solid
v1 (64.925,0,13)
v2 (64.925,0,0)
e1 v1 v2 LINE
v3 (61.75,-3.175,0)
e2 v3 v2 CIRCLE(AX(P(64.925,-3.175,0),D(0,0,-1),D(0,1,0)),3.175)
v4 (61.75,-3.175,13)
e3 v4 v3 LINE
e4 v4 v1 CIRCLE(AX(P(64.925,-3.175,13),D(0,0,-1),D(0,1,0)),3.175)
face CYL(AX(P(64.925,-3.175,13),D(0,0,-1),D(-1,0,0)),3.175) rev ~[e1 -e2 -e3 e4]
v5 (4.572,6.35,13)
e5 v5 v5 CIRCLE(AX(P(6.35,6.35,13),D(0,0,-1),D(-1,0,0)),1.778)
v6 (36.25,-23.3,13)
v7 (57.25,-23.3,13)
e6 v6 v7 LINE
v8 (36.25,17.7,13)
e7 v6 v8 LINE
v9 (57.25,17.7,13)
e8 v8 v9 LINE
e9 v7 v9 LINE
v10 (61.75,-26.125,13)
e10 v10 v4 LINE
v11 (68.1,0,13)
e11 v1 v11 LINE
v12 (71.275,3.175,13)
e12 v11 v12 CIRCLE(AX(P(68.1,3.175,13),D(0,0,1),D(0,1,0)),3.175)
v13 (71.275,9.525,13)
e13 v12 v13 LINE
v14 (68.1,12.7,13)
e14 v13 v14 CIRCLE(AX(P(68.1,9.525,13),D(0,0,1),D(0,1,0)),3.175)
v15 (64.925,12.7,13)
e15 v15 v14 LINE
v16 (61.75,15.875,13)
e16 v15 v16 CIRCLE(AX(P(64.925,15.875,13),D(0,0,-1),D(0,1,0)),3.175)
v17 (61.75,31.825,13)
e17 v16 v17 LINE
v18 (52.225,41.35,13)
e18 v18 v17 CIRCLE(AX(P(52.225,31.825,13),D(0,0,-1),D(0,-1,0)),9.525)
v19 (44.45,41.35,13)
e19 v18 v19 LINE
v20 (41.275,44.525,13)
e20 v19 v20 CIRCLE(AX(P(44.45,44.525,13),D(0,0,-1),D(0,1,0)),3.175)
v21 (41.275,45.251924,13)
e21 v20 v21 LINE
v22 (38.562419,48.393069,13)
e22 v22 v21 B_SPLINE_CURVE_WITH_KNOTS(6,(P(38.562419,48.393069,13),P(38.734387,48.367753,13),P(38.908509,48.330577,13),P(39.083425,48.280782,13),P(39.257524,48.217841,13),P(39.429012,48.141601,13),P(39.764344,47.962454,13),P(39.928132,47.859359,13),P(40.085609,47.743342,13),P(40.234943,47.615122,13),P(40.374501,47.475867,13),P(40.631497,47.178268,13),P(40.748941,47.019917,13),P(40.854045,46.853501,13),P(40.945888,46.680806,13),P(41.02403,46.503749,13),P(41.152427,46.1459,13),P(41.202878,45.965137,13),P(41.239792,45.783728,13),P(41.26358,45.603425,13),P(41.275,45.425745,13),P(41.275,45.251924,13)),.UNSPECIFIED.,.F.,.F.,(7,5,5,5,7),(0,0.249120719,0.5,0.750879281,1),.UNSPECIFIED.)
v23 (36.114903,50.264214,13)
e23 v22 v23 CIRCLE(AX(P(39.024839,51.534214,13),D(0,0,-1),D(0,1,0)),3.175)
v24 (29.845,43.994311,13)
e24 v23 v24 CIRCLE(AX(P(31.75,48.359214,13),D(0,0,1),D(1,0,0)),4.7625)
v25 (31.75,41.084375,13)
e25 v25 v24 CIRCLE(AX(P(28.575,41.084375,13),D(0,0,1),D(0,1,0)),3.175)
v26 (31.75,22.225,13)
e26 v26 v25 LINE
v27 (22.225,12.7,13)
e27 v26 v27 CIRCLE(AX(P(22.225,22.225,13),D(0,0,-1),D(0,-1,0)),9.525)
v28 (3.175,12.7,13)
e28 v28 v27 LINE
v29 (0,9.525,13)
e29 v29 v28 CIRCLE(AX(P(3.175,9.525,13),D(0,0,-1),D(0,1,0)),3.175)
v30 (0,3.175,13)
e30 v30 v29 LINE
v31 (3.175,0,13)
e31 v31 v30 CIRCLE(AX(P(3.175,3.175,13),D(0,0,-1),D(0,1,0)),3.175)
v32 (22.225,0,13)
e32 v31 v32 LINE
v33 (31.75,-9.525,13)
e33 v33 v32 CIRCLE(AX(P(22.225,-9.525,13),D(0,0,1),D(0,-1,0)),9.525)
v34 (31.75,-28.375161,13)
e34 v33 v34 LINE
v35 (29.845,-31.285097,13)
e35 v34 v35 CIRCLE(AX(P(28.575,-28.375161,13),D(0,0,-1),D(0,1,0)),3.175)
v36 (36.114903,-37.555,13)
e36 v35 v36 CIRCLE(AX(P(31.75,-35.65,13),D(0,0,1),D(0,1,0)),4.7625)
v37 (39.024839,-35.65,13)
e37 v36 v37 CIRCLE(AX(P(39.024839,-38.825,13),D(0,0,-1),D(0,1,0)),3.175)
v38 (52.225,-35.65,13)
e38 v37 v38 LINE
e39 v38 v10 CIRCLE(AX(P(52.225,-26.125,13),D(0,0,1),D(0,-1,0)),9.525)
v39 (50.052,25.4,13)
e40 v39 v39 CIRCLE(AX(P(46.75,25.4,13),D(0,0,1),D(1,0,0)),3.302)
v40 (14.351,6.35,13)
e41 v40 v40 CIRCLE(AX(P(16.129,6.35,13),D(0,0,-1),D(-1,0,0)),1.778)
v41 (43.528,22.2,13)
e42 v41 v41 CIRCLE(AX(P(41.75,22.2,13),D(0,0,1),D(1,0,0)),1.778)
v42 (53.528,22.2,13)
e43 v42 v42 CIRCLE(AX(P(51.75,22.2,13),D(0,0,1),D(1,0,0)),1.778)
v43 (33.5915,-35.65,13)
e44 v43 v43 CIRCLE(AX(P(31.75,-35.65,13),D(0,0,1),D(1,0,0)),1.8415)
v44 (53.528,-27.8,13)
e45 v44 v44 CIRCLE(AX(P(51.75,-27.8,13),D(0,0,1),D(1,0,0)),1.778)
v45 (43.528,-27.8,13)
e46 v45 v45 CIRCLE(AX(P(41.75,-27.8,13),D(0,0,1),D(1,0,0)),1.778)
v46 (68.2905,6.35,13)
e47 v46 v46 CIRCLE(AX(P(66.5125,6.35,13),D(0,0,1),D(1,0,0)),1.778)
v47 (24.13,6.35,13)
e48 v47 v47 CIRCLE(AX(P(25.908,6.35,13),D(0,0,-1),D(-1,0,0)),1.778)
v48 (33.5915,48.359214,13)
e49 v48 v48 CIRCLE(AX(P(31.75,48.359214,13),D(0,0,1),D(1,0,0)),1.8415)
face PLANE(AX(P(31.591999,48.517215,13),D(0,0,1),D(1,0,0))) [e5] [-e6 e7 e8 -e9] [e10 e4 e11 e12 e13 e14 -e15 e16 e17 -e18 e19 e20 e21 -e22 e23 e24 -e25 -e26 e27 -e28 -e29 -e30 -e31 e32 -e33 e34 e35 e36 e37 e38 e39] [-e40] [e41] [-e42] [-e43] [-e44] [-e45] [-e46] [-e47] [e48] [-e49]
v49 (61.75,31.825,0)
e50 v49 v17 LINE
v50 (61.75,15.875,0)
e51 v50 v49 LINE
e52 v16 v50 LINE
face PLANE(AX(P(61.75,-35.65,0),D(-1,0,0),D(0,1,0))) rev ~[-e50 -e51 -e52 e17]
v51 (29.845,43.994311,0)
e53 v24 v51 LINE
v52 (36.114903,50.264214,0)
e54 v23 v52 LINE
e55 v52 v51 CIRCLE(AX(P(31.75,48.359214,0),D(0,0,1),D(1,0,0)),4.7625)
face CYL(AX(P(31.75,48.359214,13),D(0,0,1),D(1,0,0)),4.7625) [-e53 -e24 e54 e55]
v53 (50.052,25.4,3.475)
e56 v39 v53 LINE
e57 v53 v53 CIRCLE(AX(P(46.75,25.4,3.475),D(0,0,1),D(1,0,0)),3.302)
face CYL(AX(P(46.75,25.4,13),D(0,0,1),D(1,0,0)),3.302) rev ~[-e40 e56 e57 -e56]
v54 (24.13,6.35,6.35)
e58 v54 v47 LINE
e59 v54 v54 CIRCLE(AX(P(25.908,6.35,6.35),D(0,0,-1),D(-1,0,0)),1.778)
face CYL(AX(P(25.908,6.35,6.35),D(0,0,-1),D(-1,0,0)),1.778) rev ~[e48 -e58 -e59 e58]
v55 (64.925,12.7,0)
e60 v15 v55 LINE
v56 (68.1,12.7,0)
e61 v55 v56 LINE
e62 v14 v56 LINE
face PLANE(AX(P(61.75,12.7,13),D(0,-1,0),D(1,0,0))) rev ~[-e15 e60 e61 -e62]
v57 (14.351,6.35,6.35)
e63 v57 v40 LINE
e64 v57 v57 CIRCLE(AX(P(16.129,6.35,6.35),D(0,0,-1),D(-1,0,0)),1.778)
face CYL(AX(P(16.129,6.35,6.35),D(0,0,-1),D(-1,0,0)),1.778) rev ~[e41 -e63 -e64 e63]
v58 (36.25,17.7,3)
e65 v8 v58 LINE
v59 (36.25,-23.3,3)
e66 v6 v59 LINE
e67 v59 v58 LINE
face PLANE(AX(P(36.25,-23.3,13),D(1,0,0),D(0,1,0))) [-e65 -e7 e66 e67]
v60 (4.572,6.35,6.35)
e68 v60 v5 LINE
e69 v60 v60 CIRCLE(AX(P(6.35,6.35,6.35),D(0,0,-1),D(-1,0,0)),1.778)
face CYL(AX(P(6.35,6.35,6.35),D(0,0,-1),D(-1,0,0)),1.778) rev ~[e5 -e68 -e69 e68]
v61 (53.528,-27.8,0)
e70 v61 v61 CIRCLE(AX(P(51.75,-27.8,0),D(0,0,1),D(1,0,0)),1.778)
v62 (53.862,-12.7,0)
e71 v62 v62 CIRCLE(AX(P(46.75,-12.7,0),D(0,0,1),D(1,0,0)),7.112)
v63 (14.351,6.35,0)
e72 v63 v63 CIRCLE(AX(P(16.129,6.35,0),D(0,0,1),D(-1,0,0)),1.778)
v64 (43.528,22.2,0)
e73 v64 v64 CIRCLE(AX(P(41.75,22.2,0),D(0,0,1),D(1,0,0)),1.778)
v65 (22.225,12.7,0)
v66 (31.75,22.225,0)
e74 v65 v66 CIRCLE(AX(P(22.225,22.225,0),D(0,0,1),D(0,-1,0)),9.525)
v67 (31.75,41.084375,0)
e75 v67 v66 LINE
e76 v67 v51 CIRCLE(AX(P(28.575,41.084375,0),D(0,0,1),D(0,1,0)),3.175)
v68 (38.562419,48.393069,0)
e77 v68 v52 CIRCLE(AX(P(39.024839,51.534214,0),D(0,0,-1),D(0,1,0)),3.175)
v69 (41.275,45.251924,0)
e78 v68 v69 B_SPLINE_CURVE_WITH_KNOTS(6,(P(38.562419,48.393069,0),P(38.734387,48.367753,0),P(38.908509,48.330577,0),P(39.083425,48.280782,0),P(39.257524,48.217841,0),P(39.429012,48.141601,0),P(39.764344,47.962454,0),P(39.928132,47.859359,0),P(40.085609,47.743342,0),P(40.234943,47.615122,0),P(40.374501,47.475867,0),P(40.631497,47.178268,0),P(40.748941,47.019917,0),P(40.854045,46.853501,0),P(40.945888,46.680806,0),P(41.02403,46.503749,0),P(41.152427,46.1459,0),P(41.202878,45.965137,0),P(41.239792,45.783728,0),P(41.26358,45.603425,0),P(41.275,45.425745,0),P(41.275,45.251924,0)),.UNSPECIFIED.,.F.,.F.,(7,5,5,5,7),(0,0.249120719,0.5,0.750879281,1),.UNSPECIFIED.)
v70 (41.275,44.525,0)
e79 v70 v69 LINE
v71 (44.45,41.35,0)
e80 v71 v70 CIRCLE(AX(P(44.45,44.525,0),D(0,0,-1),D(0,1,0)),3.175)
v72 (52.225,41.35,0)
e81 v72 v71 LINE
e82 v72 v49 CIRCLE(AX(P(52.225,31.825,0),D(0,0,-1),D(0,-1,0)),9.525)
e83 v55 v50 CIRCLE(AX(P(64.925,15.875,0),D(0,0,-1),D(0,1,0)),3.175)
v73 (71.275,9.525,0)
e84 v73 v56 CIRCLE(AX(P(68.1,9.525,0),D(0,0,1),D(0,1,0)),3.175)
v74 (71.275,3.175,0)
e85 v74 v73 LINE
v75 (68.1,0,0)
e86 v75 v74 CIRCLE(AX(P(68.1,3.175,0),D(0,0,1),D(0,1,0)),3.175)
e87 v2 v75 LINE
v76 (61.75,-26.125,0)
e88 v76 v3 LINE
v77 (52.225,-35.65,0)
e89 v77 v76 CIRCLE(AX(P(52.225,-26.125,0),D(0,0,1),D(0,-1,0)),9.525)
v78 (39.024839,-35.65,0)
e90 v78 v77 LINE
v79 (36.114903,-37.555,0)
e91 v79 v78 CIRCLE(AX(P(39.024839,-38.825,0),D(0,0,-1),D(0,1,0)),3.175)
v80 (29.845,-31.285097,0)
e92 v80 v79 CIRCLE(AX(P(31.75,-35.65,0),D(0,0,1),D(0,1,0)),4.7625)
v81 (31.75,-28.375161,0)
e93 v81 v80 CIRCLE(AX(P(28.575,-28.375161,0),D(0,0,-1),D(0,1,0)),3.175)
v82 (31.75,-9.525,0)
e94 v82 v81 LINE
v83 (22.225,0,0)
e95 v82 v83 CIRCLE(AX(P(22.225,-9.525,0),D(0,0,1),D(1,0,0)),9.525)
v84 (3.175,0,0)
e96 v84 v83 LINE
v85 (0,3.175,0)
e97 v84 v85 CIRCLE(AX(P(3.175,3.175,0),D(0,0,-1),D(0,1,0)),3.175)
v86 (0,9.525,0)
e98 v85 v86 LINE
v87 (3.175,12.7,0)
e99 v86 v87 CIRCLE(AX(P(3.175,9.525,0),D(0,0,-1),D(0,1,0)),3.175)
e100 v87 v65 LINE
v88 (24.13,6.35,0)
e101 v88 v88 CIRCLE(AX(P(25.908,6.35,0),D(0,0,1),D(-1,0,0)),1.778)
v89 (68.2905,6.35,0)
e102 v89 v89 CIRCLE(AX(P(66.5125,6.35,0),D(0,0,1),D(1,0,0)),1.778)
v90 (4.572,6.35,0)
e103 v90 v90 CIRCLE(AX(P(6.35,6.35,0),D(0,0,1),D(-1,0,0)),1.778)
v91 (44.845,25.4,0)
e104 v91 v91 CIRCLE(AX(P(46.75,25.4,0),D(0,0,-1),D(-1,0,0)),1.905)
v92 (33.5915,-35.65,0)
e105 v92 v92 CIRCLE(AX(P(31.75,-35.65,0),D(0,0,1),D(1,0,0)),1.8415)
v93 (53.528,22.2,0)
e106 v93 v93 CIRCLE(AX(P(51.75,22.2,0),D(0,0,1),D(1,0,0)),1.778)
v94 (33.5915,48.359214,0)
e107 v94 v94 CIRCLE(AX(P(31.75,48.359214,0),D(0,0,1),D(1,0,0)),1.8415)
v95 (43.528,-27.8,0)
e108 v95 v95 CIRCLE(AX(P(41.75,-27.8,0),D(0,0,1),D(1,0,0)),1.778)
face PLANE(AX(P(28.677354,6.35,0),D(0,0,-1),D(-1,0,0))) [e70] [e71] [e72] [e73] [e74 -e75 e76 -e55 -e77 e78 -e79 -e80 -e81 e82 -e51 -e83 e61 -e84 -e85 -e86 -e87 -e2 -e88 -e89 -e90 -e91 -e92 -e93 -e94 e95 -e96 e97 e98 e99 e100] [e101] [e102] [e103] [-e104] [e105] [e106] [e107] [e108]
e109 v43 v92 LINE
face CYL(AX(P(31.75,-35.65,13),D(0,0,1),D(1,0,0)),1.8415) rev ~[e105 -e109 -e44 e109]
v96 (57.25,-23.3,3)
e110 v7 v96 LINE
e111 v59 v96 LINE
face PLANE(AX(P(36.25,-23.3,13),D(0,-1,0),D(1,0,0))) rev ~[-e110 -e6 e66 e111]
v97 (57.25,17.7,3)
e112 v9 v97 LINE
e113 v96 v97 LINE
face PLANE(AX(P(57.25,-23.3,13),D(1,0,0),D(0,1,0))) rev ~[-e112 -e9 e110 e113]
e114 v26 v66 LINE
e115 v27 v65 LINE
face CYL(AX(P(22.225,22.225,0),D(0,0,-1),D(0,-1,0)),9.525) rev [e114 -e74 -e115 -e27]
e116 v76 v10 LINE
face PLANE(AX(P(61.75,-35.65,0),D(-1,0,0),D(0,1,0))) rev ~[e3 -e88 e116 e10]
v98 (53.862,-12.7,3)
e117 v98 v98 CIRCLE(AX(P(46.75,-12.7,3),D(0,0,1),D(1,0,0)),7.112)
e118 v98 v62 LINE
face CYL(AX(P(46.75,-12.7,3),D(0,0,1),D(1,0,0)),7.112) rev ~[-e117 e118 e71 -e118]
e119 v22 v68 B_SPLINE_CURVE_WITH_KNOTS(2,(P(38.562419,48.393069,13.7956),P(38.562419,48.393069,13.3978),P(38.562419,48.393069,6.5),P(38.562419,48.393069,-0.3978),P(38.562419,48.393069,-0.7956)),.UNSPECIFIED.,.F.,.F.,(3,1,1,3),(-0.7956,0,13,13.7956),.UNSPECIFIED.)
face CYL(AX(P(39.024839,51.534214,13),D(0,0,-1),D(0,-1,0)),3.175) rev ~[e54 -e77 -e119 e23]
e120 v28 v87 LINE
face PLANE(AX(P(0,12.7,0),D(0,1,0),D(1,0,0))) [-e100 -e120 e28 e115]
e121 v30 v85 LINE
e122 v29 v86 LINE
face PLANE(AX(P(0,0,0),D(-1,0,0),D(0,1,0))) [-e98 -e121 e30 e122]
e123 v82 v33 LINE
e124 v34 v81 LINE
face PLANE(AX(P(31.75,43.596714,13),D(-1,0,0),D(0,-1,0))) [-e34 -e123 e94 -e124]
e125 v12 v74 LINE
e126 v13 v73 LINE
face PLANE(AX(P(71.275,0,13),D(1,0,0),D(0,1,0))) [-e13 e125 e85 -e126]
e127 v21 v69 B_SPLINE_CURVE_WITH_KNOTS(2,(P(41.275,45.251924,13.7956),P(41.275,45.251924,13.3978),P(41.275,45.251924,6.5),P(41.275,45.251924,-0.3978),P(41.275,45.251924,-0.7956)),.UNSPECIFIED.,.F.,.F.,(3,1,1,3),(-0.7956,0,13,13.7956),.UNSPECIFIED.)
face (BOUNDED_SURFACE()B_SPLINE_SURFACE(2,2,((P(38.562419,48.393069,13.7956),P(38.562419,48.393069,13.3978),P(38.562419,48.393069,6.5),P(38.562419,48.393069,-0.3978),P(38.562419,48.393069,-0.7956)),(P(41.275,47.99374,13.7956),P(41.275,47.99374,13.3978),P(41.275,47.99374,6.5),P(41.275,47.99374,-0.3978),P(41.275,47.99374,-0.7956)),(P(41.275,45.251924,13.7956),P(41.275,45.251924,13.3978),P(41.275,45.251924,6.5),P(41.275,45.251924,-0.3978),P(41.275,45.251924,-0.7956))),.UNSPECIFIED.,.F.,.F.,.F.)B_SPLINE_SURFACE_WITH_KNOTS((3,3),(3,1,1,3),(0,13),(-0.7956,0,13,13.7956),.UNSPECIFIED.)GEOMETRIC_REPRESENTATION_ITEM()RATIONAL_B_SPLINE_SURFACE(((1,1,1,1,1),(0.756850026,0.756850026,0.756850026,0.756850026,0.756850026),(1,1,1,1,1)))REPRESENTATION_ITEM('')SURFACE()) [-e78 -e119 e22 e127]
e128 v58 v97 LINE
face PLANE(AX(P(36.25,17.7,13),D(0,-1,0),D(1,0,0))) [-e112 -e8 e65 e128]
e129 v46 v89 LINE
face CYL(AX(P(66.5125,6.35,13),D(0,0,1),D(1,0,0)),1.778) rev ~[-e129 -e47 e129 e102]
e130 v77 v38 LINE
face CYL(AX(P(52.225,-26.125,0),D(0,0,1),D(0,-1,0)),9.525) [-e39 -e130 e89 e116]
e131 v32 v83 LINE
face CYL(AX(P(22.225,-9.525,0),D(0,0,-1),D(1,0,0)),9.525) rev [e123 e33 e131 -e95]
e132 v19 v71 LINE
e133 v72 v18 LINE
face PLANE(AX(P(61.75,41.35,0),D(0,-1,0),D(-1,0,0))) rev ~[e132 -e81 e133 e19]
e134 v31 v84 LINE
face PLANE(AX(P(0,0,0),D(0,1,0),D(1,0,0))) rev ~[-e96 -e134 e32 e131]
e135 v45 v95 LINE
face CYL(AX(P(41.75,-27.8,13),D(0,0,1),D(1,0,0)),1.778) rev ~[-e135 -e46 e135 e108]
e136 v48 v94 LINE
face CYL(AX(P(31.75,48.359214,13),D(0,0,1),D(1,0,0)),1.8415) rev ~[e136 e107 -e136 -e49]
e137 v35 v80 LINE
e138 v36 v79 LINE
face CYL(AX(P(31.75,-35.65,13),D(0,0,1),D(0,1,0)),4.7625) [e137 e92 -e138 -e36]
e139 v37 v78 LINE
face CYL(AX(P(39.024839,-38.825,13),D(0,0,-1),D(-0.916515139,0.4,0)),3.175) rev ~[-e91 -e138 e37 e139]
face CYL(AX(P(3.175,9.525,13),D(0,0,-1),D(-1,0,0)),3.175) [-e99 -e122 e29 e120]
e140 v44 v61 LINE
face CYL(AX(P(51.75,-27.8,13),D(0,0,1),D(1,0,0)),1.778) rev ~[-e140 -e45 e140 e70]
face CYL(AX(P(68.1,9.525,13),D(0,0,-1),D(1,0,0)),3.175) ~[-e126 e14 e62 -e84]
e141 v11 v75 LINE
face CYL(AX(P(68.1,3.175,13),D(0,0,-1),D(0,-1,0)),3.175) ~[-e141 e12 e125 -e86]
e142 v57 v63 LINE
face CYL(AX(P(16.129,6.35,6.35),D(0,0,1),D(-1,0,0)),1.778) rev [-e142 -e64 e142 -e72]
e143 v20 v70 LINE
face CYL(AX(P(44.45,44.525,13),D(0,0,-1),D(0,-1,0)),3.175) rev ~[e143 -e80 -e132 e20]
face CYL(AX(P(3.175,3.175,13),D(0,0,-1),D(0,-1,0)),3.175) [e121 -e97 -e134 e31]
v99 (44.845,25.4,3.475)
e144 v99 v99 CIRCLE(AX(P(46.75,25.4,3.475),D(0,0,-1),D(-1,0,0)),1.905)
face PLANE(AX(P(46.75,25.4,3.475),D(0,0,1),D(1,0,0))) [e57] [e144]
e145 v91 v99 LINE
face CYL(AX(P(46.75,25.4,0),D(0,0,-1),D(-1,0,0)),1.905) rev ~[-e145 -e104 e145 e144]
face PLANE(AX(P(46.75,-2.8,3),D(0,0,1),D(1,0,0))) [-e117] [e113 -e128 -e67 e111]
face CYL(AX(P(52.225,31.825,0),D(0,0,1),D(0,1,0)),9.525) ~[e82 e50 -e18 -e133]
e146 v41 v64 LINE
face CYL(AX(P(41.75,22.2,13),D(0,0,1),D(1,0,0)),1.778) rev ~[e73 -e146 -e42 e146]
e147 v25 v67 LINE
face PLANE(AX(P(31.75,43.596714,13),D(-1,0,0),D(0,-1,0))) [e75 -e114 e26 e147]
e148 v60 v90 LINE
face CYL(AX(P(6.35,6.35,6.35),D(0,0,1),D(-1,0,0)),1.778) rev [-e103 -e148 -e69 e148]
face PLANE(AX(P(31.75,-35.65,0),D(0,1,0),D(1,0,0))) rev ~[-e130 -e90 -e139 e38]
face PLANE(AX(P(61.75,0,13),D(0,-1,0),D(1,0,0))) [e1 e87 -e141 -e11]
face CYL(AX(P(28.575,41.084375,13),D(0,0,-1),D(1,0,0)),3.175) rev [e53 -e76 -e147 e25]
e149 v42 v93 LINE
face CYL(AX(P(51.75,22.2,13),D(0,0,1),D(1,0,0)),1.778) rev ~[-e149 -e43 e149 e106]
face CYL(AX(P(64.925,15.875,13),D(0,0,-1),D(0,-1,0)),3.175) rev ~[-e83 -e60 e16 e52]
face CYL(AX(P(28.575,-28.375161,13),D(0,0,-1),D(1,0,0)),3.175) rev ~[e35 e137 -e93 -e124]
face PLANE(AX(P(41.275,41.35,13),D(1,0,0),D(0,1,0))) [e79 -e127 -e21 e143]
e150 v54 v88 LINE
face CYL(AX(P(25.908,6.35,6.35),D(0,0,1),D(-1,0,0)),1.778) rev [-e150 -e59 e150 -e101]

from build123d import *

# Parameters (mm, degrees)
SKETCH1_W               = 31.75
SKETCH1_H               = 12.7
SKETCH1_W_2             = 30
SKETCH1_H_2             = 7
BOSS_EXTRUDE1_DEPTH     = 13
SKETCH4_R               = 1.778
CUT_EXTRUDE3_DEPTH      = 14
SKETCH5_W               = 21
SKETCH5_H               = 41
CUT_EXTRUDE4_DEPTH      = 10
SKETCH6_R               = 7.112
CUT_EXTRUDE5_DEPTH      = 4
SKETCH7_W               = 31.75
SKETCH7_H               = 12.7
CUT_EXTRUDE6_DEPTH      = 6.35
SKETCH10_R              = 1.905
CUT_EXTRUDE8_DEPTH      = 14
SKETCH11_R              = 3.302
CUT_EXTRUDE9_DEPTH      = 9.525
SKETCH13_W              = 9.525
SKETCH13_H              = 12.7
SKETCH13_R              = 1.778
BOSS_EXTRUDE2_DEPTH     = 13
BOSS_EXTRUDE3_DEPTH     = 13
SKETCH18_R              = 1.8415
CUT_EXTRUDE10_DEPTH     = 14
FILLET1_R               = 9.525
FILLET2_R               = 3.175
SKETCH19_W              = 22.225
SKETCH19_H              = 12.7
BOSS_EXTRUDE4_DEPTH     = 7.62
SKETCH8_R               = 1.778
CUT_EXTRUDE7_DEPTH      = 7.35
CUT_EXTRUDE7_DEPTH_BACK = 17.78
FILLET3_R               = 3.175


with BuildPart() as part:
    # Sketch1 → Boss-Extrude1 (new body)
    with BuildSketch(Plane.XY):
        Polygon((31.75, 12.7), (31.75, 0), (31.75, -28.65), (61.75, -28.65), (61.75, 0), (61.75, 12.7), (61.75, 41.35), (31.75, 41.35), align=None)
        with Locations((15.875, 6.35)):
            Rectangle(SKETCH1_W, SKETCH1_H)
        with Locations((46.75, -32.15)):
            Rectangle(SKETCH1_W_2, SKETCH1_H_2)
    extrude(amount=BOSS_EXTRUDE1_DEPTH)

    # Sketch4 → Cut-Extrude3 (cut, through all)
    with BuildSketch(Plane.XY.offset(13)):
        with Locations((41.75, 22.199999832)):
            Circle(SKETCH4_R)
        with Locations((51.75, 22.199999832)):
            Circle(SKETCH4_R)
        with Locations((41.75, -27.800000168)):
            Circle(SKETCH4_R)
        with Locations((51.75, -27.800000168)):
            Circle(SKETCH4_R)
    extrude(amount=-CUT_EXTRUDE3_DEPTH, mode=Mode.SUBTRACT)

    # Sketch5 → Cut-Extrude4 (cut)
    with BuildSketch(Plane.XY.offset(13)):
        with Locations((46.75, -2.800000024)):
            Rectangle(SKETCH5_W, SKETCH5_H)
    extrude(amount=-CUT_EXTRUDE4_DEPTH, mode=Mode.SUBTRACT)

    # Sketch6 → Cut-Extrude5 (cut, through all)
    with BuildSketch(Plane.XY.offset(3)):
        with Locations((46.75, -12.700000168)):
            Circle(SKETCH6_R)
    extrude(amount=-CUT_EXTRUDE5_DEPTH, mode=Mode.SUBTRACT)

    # Sketch7 → Cut-Extrude6 (cut)
    with BuildSketch(Plane(origin=(0, 0, 0), x_dir=(-1, 0, 0), z_dir=(0, 0, -1))):
        with Locations((-15.875, 6.35)):
            Rectangle(SKETCH7_W, SKETCH7_H)
    extrude(amount=-CUT_EXTRUDE6_DEPTH, mode=Mode.SUBTRACT)

    # Sketch10 → Cut-Extrude8 (cut, through all)
    with BuildSketch(Plane(origin=(0, 0, 0), x_dir=(-1, 0, 0), z_dir=(0, 0, -1))):
        with Locations((-46.75, 25.4)):
            Circle(SKETCH10_R)
    extrude(amount=-CUT_EXTRUDE8_DEPTH, mode=Mode.SUBTRACT)

    # Sketch11 → Cut-Extrude9 (cut)
    with BuildSketch(Plane.XY.offset(13)):
        with Locations((46.75, 25.4)):
            Circle(SKETCH11_R)
    extrude(amount=-CUT_EXTRUDE9_DEPTH, mode=Mode.SUBTRACT)

    # Sketch13 → Boss-Extrude2 (add)
    with BuildSketch(Plane.XY.offset(13)):
        with Locations((66.5125, 6.35)):
            Rectangle(SKETCH13_W, SKETCH13_H)
        with Locations((66.5125, 6.35)):
            Circle(SKETCH13_R, mode=Mode.SUBTRACT)
    extrude(amount=-BOSS_EXTRUDE2_DEPTH)

    # Sketch17 → Boss-Extrude3 (add)
    with BuildSketch(Plane.XY.offset(13)):
        with BuildLine():
            ThreePointArc((36.5125, 48.359214074), (28.382403955, 51.726810119), (31.75, 43.596714074))
            Line((31.75, 43.596714074), (31.75, 48.359214074))
            Line((31.75, 48.359214074), (36.5125, 48.359214074))
        make_face()
        with BuildLine():
            Line((31.75, 48.359214074), (31.75, 43.596714074))
            ThreePointArc((31.75, 43.596714074), (35.117596045, 44.991618029), (36.5125, 48.359214074))
            Line((36.5125, 48.359214074), (31.75, 48.359214074))
        make_face()
        with BuildLine():
            Line((31.75, 43.596714074), (31.75, 41.35))
            Line((31.75, 41.35), (41.275, 41.35))
            Line((41.275, 41.35), (41.275, 48.359214074))
            Line((41.275, 48.359214074), (36.5125, 48.359214074))
            ThreePointArc((36.5125, 48.359214074), (35.117596045, 44.991618029), (31.75, 43.596714074))
        make_face()
        with BuildLine():
            Line((31.75, -35.65), (36.5125, -35.65))
            ThreePointArc((36.5125, -35.65), (35.117596045, -32.282403955), (31.75, -30.8875))
            Line((31.75, -30.8875), (31.75, -35.65))
        make_face()
        with BuildLine():
            ThreePointArc((31.75, -30.8875), (28.382403955, -39.017596045), (36.5125, -35.65))
            Line((36.5125, -35.65), (31.75, -35.65))
            Line((31.75, -35.65), (31.75, -30.8875))
        make_face()
    extrude(amount=-BOSS_EXTRUDE3_DEPTH)

    # Sketch18 → Cut-Extrude10 (cut, through all)
    with BuildSketch(Plane.XY.offset(13)):
        with Locations((31.75, -35.65)):
            Circle(SKETCH18_R)
        with Locations((31.75, 48.359214074)):
            Circle(SKETCH18_R)
    extrude(amount=-CUT_EXTRUDE10_DEPTH, mode=Mode.SUBTRACT)

    # Fillet1
    fillet1_edges = [part.edges().sort_by_distance(p)[0] for p in [
        (31.75, 0, 9.675),
        (31.75, 12.7, 9.675),
        (61.75, 41.35, 6.5),
        (61.75, -35.65, 6.5),
    ]]
    fillet(fillet1_edges, radius=FILLET1_R)

    # Fillet2
    fillet2_edges = [part.edges().sort_by_distance(p)[0] for p in [
        (71.275, 0, 6.5),
        (71.275, 12.7, 6.5),
        (61.75, 12.7, 6.5),
        (61.75, 0, 6.5),
        (31.75, -30.8875, 6.5),
        (36.5125, -35.65, 6.5),
        (31.75, 43.596714074, 6.5),
        (41.275, 41.35, 6.5),
        (36.5125, 48.359214074, 6.5),
    ]]
    fillet(fillet2_edges, radius=FILLET2_R)

    # Sketch19 → Boss-Extrude4 (add)
    with BuildSketch(Plane.XY):
        with BuildLine():
            ThreePointArc((31.75, -9.525), (28.960192091, -2.789807909), (22.225, 0))
            Line((22.225, 0), (22.225, 12.7))
            ThreePointArc((22.225, 12.7), (28.960192091, 15.489807909), (31.75, 22.225))
            Line((31.75, 22.225), (31.75, -9.525))
        make_face()
        with Locations((11.1125, 6.35)):
            Rectangle(SKETCH19_W, SKETCH19_H)
    extrude(amount=BOSS_EXTRUDE4_DEPTH)

    # Sketch8 → Cut-Extrude7 (cut, two sides)
    with BuildSketch(Plane(origin=(0, 0, 6.35), x_dir=(-1, 0, 0), z_dir=(0, 0, -1))) as cut_extrude7_sk:
        with Locations((-6.35, 6.35)):
            Circle(SKETCH8_R)
        with Locations((-25.908, 6.35)):
            Circle(SKETCH8_R)
        with Locations((-16.129, 6.35)):
            Circle(SKETCH8_R)
    extrude(amount=CUT_EXTRUDE7_DEPTH, mode=Mode.SUBTRACT)
    extrude(cut_extrude7_sk.sketch, amount=-CUT_EXTRUDE7_DEPTH_BACK, mode=Mode.SUBTRACT)

    # Fillet3
    fillet3_edges = [part.edges().sort_by_distance(p)[0] for p in [
        (41.275, 48.359214074, 6.5),
        (0, 12.7, 6.5),
        (0, 0, 6.5),
    ]]
    fillet(fillet3_edges, radius=FILLET3_R)


solid = part.part
